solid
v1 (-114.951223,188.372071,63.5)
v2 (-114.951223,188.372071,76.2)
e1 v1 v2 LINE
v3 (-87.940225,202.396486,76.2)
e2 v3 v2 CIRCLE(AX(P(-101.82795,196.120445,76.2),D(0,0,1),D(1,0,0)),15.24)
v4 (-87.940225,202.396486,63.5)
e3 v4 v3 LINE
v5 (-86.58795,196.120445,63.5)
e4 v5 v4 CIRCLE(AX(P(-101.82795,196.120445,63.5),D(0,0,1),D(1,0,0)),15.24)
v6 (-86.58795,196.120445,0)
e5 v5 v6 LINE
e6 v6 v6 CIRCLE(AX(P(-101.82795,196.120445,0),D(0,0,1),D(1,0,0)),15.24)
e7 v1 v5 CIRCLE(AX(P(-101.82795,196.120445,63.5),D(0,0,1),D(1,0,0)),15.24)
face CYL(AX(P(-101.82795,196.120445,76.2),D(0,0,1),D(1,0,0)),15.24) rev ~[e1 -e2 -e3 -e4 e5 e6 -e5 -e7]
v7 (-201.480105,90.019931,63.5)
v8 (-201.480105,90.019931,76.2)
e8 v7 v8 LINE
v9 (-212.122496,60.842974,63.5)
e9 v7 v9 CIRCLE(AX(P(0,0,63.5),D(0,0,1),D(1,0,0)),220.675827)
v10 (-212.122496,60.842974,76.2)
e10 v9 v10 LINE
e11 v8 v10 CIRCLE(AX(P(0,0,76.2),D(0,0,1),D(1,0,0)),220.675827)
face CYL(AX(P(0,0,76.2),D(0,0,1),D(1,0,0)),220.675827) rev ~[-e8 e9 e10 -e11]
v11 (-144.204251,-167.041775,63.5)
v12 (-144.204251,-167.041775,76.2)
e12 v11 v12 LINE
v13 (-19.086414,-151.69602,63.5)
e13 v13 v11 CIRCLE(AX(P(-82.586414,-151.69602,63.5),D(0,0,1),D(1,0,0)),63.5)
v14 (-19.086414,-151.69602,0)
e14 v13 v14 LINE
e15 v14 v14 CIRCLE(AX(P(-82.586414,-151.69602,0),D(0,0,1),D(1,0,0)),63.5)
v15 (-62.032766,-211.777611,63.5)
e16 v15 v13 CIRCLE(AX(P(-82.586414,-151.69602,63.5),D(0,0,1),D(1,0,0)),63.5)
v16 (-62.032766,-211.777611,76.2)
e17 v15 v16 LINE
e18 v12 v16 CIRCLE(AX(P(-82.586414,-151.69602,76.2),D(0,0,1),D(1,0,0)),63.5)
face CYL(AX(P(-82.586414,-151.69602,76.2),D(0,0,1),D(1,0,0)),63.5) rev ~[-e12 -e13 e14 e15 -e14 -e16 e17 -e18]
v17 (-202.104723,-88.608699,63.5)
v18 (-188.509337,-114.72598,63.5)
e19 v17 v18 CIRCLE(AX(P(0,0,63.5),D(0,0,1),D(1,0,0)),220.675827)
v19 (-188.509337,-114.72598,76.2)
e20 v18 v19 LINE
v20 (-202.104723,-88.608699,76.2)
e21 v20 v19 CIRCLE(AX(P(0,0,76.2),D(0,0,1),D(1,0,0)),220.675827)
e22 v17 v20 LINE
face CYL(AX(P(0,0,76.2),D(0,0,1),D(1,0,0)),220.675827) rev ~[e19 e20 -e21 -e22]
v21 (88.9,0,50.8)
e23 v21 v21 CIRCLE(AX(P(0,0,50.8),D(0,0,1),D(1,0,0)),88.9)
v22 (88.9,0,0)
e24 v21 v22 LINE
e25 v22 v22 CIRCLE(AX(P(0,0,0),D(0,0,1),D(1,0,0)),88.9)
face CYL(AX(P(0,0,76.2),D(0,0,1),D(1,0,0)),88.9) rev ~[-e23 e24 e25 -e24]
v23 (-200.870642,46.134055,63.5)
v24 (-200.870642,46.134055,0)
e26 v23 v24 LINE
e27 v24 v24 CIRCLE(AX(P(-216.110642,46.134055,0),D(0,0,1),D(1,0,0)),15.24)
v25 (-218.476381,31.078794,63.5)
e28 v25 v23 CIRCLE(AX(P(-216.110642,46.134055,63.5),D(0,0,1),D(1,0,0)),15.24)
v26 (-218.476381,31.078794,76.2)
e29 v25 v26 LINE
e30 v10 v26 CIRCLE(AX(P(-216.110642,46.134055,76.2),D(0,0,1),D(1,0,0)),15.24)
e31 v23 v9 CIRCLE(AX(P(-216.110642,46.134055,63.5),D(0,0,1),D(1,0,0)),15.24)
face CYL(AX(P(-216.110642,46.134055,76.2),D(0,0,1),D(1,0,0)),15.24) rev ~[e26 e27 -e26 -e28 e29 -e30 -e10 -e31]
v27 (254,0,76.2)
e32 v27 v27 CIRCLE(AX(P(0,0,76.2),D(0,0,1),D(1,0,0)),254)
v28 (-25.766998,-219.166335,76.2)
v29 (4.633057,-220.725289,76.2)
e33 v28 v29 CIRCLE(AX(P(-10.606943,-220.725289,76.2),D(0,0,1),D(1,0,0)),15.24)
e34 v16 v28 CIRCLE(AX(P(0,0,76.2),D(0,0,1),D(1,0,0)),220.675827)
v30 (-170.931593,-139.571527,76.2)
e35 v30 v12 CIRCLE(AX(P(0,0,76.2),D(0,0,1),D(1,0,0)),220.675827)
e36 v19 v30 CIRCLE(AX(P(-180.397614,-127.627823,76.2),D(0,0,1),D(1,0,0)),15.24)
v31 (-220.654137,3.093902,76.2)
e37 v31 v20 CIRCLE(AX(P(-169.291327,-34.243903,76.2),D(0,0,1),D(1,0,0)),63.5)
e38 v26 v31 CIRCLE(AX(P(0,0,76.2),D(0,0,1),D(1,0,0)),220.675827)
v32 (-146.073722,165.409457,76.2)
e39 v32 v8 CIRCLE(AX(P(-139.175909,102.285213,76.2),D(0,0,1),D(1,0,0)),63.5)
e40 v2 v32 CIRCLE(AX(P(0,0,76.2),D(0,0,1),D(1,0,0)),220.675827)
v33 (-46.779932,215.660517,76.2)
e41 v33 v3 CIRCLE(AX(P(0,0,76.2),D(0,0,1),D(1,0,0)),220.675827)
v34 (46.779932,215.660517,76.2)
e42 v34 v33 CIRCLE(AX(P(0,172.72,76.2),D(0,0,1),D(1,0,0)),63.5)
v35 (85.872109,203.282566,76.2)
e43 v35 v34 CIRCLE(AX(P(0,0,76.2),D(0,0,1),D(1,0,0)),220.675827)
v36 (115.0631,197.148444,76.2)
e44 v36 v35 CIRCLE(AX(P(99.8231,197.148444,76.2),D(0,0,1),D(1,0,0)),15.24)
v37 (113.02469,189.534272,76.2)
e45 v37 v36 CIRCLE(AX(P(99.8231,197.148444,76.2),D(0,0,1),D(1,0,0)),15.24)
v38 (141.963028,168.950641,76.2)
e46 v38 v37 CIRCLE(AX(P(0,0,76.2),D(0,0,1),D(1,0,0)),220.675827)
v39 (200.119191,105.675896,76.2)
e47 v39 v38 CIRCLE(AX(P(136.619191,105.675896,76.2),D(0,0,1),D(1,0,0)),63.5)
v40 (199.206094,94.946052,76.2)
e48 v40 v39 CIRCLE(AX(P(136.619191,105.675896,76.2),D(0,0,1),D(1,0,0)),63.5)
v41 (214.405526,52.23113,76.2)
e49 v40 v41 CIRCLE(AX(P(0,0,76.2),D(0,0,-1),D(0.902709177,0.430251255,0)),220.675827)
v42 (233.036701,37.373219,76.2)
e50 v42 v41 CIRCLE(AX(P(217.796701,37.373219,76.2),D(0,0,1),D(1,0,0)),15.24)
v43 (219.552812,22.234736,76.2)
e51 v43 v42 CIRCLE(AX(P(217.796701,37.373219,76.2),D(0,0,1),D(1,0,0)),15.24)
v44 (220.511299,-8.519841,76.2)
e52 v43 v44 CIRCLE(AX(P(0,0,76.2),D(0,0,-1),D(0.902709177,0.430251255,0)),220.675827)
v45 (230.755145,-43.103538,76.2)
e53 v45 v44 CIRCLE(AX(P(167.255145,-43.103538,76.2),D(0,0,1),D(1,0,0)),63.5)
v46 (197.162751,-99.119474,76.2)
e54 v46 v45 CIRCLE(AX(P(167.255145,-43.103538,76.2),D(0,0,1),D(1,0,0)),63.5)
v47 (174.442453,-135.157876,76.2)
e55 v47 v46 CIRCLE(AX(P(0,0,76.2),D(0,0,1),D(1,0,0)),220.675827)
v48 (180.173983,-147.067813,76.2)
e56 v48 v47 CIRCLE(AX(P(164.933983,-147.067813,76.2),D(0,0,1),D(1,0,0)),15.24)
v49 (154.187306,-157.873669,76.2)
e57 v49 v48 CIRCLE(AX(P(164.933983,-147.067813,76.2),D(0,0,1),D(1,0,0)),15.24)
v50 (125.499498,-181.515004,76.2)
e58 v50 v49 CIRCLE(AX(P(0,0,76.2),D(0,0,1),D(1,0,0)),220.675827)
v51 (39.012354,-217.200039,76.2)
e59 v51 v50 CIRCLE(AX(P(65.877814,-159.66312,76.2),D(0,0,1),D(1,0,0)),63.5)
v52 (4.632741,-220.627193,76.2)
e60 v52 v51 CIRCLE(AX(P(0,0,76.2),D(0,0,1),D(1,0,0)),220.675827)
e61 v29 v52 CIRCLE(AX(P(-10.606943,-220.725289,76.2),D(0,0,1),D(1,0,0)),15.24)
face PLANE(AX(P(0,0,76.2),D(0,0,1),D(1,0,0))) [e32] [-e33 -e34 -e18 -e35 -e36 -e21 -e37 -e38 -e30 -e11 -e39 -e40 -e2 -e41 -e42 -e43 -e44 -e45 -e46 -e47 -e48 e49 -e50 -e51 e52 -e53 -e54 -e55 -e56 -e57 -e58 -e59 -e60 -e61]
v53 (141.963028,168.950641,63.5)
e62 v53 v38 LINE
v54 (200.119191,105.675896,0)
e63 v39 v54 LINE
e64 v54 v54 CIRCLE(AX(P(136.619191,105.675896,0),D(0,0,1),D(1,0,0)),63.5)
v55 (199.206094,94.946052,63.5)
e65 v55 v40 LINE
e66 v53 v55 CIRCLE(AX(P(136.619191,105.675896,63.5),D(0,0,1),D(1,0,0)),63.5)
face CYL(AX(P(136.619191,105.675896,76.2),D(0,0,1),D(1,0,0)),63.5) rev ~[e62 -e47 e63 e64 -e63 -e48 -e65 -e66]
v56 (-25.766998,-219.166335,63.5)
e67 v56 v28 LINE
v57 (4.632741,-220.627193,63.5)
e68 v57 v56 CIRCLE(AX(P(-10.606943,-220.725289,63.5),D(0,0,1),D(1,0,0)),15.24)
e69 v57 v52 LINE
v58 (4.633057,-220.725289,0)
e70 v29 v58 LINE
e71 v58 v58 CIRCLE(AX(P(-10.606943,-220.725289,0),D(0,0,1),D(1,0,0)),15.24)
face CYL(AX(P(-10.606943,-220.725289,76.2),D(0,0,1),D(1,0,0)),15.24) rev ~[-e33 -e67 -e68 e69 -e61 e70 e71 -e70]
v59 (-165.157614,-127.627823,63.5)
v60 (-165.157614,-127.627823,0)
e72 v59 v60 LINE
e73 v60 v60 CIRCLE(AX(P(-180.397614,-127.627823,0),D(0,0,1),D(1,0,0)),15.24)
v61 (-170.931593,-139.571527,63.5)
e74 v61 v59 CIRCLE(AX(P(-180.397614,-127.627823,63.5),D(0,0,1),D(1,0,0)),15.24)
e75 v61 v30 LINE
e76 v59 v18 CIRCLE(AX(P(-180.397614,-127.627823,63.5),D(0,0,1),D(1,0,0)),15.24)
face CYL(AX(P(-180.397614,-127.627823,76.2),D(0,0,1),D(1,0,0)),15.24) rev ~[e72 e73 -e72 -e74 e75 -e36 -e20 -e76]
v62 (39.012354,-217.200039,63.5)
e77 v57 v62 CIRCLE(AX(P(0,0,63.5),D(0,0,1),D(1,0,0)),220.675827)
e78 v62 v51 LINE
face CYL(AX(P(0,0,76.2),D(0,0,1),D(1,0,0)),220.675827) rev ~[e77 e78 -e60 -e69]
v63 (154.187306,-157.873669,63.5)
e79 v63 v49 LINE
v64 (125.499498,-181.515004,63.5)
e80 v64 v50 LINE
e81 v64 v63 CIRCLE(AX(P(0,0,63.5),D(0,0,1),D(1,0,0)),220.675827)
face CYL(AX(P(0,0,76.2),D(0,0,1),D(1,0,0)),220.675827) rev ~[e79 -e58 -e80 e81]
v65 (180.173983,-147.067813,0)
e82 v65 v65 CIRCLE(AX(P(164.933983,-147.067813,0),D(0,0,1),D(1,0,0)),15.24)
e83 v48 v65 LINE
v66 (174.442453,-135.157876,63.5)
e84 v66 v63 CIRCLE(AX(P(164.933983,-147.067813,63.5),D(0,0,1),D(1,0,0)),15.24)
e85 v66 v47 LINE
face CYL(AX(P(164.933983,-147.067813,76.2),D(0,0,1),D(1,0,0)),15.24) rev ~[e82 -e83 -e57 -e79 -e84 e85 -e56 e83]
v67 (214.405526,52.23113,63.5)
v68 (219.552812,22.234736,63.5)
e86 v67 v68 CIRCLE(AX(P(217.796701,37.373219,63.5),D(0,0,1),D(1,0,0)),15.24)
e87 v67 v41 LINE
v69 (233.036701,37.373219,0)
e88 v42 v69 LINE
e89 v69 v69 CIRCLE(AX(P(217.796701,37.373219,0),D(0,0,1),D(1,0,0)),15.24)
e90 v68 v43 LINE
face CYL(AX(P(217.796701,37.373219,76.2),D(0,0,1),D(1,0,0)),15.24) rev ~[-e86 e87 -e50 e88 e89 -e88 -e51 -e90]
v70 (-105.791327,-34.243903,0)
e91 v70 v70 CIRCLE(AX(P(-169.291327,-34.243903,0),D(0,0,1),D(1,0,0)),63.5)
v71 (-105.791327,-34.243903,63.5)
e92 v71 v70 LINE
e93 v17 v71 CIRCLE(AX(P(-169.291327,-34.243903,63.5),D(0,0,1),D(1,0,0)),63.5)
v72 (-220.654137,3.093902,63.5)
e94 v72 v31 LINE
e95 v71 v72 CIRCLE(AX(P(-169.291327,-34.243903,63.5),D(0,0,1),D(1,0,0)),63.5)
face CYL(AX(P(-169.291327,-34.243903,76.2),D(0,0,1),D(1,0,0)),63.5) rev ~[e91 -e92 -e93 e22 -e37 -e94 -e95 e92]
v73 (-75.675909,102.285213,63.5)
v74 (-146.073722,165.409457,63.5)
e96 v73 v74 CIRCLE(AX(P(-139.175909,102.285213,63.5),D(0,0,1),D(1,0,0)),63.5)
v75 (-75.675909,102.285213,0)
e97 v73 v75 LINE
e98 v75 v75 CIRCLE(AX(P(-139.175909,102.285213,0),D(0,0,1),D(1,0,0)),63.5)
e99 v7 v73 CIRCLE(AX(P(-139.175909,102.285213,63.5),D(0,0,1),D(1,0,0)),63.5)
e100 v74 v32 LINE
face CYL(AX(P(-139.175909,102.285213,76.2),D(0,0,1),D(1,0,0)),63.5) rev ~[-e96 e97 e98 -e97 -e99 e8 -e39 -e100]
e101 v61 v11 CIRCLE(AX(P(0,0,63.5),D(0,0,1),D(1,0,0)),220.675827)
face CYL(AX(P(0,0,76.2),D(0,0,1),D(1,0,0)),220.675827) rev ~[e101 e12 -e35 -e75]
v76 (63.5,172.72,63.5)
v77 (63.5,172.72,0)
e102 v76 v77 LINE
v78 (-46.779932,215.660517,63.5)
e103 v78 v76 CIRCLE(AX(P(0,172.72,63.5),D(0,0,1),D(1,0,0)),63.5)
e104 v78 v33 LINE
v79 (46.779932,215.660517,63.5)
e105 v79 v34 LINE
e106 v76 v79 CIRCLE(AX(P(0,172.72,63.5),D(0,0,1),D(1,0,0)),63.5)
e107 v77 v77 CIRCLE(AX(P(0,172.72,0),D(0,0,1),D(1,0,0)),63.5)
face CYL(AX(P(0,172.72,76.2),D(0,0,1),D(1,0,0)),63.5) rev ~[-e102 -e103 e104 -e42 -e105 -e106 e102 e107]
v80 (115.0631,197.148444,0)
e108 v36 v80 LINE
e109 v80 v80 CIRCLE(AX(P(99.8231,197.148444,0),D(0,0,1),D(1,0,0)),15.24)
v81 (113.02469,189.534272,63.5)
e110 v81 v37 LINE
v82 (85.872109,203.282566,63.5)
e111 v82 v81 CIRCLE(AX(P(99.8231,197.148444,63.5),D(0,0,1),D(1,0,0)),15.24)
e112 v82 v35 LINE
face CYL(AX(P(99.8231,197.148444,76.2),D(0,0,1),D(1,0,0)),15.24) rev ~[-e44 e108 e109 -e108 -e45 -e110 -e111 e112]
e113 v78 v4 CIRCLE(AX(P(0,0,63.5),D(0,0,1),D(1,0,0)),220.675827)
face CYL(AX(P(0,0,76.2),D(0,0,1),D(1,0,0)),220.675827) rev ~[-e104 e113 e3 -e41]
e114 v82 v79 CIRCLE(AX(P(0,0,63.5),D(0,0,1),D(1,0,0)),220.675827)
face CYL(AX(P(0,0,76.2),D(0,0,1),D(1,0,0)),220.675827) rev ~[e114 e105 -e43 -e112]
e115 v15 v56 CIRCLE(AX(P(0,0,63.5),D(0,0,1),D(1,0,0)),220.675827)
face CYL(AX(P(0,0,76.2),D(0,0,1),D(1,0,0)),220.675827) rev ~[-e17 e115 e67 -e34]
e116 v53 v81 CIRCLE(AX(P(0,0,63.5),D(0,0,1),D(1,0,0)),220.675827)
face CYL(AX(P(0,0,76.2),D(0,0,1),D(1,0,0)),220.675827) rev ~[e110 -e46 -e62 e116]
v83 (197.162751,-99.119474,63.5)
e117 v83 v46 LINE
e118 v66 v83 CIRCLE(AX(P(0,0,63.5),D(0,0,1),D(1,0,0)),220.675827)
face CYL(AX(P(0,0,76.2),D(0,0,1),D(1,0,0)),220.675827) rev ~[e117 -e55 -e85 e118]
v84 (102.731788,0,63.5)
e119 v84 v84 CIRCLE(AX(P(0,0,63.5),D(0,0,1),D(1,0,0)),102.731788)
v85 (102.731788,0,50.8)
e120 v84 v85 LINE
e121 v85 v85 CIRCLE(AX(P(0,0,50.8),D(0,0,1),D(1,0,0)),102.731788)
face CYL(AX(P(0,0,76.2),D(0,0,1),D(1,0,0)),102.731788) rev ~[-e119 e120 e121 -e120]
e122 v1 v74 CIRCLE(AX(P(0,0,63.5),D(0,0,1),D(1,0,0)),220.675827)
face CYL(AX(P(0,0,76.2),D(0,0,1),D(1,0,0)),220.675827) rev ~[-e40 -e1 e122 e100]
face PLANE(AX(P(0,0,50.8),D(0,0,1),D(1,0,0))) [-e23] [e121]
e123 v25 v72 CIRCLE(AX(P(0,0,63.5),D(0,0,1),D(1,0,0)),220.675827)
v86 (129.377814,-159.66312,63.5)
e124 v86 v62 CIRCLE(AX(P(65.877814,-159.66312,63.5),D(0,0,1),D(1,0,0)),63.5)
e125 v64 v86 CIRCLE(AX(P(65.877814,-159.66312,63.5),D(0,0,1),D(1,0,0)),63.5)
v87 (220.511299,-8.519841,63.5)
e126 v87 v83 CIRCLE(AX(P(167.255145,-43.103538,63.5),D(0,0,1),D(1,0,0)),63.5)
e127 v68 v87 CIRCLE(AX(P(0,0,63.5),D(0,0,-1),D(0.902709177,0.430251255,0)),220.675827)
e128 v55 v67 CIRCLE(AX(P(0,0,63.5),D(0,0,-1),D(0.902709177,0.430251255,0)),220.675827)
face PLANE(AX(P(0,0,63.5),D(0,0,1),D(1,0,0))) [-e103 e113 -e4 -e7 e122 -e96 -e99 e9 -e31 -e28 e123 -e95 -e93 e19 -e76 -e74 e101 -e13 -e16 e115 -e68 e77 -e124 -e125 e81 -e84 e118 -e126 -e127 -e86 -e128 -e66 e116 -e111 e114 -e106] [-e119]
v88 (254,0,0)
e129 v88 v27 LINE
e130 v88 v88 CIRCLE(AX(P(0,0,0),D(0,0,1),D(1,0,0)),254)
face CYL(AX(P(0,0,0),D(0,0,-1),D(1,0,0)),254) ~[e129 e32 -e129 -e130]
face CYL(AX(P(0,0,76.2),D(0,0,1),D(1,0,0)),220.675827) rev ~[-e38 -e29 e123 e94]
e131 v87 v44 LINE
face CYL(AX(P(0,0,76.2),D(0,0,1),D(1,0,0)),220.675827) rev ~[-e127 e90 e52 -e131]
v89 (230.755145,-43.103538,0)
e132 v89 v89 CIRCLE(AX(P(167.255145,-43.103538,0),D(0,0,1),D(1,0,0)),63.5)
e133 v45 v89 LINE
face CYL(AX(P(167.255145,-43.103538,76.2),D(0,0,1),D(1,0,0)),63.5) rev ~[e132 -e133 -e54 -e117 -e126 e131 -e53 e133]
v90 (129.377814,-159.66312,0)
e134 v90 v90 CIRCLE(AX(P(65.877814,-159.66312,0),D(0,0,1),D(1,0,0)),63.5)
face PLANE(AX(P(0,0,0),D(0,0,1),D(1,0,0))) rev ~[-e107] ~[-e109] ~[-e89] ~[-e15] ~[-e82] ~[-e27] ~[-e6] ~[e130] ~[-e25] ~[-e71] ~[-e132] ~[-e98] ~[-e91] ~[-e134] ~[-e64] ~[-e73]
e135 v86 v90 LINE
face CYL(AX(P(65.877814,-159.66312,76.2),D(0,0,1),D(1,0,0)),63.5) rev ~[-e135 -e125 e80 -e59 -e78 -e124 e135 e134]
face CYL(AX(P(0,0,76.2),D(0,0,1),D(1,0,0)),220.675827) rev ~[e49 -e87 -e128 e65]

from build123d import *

# Parameters (mm, degrees)
F0_R      = 254
F1_DEPTH  = 76.2
F2_R      = 88.9
F3_DEPTH  = 152.4
F4_R      = 63.5
F5_DEPTH  = 152.4
F7_R      = 102.731788
F8_DEPTH  = 25.4
F9_R      = 220.675827
F10_DEPTH = 12.7
F6_R      = 15.24
F11_DEPTH = 152.4


with BuildPart() as f1:
    # F0 (on Top) → F1 (new body)
    with BuildSketch(Plane.XY):
        Circle(F0_R)
    extrude(amount=F1_DEPTH)

    # F2 (on face) → F3 (cut)
    with BuildSketch(Plane.XY.offset(76.2)):
        Circle(F2_R)
    extrude(amount=-F3_DEPTH, mode=Mode.SUBTRACT)

    # F4 (on face) → F5 (cut)
    with BuildSketch(Plane.XY.offset(76.2)):
        with Locations((0, 172.72)):
            Circle(F4_R)
        with Locations((136.619191, 105.675896)):
            Circle(F4_R)
        with Locations((167.255145, -43.103538)):
            Circle(F4_R)
        with Locations((-82.586414, -151.69602)):
            Circle(F4_R)
        with Locations((-169.291327, -34.243903)):
            Circle(F4_R)
        with Locations((-139.175909, 102.285213)):
            Circle(F4_R)
        with Locations((65.877814, -159.66312)):
            Circle(F4_R)
    extrude(amount=-F5_DEPTH, mode=Mode.SUBTRACT)

    # F7 (on face) → F8 (cut)
    with BuildSketch(Plane.XY.offset(76.2)):
        Circle(F7_R)
    extrude(amount=-F8_DEPTH, mode=Mode.SUBTRACT)

    # F9 (on face) → F10 (cut)
    with BuildSketch(Plane.XY.offset(76.2)):
        Circle(F9_R)
    extrude(amount=-F10_DEPTH, mode=Mode.SUBTRACT)

    # F6 (on face) → F11 (cut)
    with BuildSketch(Plane.XY.offset(76.2)):
        with Locations((-101.82795, 196.120445)):
            Circle(F6_R)
        with Locations((99.8231, 197.148444)):
            Circle(F6_R)
        with Locations((217.796701, 37.373219)):
            Circle(F6_R)
        with Locations((164.933983, -147.067813)):
            Circle(F6_R)
        with Locations((-180.397614, -127.627823)):
            Circle(F6_R)
        with Locations((-216.110642, 46.134055)):
            Circle(F6_R)
        with Locations((-10.606943, -220.725289)):
            Circle(F6_R)
    extrude(amount=-F11_DEPTH, mode=Mode.SUBTRACT)


solid = f1.part
